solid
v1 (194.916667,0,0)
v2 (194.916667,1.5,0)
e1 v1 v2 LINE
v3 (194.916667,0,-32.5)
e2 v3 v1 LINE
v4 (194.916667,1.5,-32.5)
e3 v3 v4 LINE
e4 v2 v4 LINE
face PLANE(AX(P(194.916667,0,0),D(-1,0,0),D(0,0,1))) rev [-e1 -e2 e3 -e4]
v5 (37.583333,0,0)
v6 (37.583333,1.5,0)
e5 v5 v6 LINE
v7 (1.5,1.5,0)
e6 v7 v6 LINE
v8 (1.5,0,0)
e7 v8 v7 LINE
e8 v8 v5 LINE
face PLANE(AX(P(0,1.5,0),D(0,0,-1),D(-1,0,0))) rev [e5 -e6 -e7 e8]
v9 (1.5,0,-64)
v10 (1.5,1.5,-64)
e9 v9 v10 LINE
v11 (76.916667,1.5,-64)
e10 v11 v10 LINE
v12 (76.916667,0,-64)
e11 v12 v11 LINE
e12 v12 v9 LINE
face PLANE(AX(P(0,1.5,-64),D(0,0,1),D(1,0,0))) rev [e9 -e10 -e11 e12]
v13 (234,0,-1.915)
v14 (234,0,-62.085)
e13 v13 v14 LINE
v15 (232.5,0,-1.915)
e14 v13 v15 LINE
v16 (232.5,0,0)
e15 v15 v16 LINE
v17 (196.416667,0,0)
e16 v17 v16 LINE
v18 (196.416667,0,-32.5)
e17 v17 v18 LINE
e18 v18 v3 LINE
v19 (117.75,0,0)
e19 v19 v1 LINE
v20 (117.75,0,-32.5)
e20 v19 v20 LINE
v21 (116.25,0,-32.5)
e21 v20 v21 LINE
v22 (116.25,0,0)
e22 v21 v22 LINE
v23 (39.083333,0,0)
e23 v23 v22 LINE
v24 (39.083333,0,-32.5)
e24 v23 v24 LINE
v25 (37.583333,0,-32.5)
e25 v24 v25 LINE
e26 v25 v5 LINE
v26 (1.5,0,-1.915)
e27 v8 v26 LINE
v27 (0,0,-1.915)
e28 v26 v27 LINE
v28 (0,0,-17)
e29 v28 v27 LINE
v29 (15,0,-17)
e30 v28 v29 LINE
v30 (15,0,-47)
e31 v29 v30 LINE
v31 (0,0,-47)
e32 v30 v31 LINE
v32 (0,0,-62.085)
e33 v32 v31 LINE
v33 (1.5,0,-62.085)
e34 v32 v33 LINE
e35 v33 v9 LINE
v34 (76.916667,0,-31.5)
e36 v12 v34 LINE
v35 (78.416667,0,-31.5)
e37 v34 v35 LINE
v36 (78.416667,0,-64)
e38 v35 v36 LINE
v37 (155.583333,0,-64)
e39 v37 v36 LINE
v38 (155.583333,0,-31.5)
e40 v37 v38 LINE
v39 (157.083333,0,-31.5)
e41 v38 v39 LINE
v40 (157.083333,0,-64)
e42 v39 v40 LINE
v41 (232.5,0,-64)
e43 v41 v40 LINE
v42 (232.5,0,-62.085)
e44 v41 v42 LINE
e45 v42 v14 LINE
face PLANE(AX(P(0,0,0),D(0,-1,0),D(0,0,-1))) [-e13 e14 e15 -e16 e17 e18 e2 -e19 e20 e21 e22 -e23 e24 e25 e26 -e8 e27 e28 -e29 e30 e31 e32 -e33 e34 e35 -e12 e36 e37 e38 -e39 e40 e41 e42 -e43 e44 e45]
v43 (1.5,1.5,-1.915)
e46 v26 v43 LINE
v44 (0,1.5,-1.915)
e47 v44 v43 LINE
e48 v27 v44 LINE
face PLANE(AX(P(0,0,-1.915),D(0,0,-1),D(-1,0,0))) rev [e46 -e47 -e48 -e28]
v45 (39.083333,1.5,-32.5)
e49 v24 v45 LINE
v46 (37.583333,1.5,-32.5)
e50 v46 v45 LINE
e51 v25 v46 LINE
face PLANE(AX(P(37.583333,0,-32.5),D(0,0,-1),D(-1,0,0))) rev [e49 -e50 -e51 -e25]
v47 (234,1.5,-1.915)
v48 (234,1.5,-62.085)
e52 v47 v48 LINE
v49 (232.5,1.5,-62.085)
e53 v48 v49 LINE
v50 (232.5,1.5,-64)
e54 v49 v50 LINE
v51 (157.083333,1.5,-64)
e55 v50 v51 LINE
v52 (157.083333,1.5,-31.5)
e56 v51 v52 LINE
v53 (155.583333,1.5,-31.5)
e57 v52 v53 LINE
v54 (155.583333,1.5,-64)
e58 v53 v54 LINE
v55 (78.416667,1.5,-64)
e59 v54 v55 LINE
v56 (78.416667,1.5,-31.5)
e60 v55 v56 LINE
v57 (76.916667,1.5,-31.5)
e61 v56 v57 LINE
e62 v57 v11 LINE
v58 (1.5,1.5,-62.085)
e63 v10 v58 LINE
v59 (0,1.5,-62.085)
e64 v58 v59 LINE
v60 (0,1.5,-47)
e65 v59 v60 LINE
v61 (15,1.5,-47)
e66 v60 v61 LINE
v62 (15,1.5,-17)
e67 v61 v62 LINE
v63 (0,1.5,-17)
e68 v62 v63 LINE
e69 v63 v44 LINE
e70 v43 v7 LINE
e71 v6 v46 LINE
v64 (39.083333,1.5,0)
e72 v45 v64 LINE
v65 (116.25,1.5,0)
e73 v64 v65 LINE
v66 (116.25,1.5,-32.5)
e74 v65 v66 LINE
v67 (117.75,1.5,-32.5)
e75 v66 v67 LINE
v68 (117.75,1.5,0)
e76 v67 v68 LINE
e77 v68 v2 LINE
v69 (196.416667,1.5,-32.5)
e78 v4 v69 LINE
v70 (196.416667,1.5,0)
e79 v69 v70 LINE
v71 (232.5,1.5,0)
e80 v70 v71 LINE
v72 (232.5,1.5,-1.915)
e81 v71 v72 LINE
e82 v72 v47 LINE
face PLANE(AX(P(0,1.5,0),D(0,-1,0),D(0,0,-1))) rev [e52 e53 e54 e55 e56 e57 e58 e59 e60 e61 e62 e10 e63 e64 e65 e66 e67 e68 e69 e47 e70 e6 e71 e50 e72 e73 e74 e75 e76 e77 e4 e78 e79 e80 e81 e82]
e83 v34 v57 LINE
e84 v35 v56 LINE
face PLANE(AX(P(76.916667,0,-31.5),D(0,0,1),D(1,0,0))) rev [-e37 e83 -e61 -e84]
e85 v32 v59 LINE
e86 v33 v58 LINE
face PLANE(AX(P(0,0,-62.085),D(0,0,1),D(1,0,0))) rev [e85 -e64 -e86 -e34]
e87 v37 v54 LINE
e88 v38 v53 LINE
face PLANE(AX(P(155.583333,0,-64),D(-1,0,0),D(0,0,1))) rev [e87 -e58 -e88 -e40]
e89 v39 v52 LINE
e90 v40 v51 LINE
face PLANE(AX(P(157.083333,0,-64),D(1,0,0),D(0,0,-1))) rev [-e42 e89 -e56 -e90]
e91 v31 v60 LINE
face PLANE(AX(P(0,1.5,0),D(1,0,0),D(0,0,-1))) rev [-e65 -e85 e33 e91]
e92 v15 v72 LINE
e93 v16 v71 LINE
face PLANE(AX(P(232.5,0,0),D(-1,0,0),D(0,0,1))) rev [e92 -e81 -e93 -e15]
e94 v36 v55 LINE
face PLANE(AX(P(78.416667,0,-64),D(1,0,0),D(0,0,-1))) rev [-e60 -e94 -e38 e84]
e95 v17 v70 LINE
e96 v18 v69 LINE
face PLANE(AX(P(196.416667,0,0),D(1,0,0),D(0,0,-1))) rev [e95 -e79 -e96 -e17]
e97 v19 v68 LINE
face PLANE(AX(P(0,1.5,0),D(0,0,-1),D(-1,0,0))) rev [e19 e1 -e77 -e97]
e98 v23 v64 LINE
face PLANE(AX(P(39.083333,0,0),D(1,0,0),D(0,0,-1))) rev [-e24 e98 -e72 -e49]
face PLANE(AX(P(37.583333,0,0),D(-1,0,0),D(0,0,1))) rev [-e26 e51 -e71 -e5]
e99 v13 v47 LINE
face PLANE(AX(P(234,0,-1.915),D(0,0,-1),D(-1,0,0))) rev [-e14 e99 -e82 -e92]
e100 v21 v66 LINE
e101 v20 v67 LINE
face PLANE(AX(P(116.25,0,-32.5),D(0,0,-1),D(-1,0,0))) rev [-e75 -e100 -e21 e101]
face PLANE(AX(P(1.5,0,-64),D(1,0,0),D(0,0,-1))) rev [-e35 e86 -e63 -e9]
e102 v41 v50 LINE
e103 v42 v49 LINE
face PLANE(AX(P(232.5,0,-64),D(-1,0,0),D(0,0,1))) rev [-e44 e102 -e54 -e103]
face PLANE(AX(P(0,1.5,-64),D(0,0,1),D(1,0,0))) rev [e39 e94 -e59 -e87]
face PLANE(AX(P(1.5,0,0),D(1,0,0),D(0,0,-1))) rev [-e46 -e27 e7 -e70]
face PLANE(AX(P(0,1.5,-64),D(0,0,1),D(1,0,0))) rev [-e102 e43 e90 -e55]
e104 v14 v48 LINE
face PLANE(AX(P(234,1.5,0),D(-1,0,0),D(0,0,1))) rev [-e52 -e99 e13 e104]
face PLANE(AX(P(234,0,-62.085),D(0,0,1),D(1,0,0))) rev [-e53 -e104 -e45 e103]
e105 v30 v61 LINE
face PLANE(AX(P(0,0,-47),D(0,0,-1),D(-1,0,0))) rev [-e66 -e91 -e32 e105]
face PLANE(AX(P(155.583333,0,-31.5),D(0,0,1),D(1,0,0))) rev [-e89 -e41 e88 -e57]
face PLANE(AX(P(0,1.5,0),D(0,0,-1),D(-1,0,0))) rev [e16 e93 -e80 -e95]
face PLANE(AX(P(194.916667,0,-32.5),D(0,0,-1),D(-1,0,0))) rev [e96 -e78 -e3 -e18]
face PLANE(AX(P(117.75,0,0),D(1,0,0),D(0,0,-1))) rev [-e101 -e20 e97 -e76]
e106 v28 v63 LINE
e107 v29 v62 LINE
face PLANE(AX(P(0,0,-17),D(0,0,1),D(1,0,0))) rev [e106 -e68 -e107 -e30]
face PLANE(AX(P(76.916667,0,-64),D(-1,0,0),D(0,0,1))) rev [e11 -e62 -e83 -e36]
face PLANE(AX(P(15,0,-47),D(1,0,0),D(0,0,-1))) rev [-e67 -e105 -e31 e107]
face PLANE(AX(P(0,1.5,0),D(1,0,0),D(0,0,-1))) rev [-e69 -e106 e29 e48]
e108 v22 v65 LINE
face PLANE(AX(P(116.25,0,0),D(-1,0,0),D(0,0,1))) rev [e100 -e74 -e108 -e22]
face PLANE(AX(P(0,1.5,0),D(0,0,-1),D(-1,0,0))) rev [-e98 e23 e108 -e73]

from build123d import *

# Parameters (mm, degrees)
SKETCH1_W               = 234
SKETCH1_H               = 64
BOSS_EXTRUDE1_DEPTH     = 1.5
CUT_EXTRUDE1_DEPTH      = 243.598948885
CUT_EXTRUDE1_DEPTH_BACK = 243.598948885
SKETCH2_W               = 1.5
SKETCH2_H               = 32.5
SKETCH2_H_2             = 1.915
SKETCH2_W_2             = 15
SKETCH2_H_3             = 30


with BuildPart() as part:
    # Sketch1 → Boss-Extrude1 (new body)
    with BuildSketch(Plane(origin=(0, 0, 0), x_dir=(1, 0, 0), z_dir=(0, 1, 0))):
        with Locations((117, 32)):
            Rectangle(SKETCH1_W, SKETCH1_H)
    extrude(amount=BOSS_EXTRUDE1_DEPTH)

    # Sketch2 → Cut-Extrude1 (cut, two sides: drawn at the far end of the back side and taken through both)
    with BuildSketch(Plane(origin=(0, 1.5, 0), x_dir=(1, 0, 0), z_dir=(0, 1, 0)).offset(-CUT_EXTRUDE1_DEPTH_BACK)):
        with Locations((38.333333333, 16.25)):
            Rectangle(SKETCH2_W, SKETCH2_H)
        with Locations((77.666666667, 47.75)):
            Rectangle(SKETCH2_W, SKETCH2_H)
        with Locations((117, 16.25)):
            Rectangle(SKETCH2_W, SKETCH2_H)
        with Locations((195.666666667, 16.25)):
            Rectangle(SKETCH2_W, SKETCH2_H)
        with Locations((156.333333333, 47.75)):
            Rectangle(SKETCH2_W, SKETCH2_H)
        with Locations((0.75, 0.9575)):
            Rectangle(SKETCH2_W, SKETCH2_H_2)
        with Locations((0.75, 63.0425)):
            Rectangle(SKETCH2_W, SKETCH2_H_2)
        with Locations((233.25, 63.0425)):
            Rectangle(SKETCH2_W, SKETCH2_H_2)
        with Locations((233.25, 0.9575)):
            Rectangle(SKETCH2_W, SKETCH2_H_2)
        with Locations((7.5, 32)):
            Rectangle(SKETCH2_W_2, SKETCH2_H_3)
    extrude(amount=CUT_EXTRUDE1_DEPTH + CUT_EXTRUDE1_DEPTH_BACK, mode=Mode.SUBTRACT)


solid = part.part
